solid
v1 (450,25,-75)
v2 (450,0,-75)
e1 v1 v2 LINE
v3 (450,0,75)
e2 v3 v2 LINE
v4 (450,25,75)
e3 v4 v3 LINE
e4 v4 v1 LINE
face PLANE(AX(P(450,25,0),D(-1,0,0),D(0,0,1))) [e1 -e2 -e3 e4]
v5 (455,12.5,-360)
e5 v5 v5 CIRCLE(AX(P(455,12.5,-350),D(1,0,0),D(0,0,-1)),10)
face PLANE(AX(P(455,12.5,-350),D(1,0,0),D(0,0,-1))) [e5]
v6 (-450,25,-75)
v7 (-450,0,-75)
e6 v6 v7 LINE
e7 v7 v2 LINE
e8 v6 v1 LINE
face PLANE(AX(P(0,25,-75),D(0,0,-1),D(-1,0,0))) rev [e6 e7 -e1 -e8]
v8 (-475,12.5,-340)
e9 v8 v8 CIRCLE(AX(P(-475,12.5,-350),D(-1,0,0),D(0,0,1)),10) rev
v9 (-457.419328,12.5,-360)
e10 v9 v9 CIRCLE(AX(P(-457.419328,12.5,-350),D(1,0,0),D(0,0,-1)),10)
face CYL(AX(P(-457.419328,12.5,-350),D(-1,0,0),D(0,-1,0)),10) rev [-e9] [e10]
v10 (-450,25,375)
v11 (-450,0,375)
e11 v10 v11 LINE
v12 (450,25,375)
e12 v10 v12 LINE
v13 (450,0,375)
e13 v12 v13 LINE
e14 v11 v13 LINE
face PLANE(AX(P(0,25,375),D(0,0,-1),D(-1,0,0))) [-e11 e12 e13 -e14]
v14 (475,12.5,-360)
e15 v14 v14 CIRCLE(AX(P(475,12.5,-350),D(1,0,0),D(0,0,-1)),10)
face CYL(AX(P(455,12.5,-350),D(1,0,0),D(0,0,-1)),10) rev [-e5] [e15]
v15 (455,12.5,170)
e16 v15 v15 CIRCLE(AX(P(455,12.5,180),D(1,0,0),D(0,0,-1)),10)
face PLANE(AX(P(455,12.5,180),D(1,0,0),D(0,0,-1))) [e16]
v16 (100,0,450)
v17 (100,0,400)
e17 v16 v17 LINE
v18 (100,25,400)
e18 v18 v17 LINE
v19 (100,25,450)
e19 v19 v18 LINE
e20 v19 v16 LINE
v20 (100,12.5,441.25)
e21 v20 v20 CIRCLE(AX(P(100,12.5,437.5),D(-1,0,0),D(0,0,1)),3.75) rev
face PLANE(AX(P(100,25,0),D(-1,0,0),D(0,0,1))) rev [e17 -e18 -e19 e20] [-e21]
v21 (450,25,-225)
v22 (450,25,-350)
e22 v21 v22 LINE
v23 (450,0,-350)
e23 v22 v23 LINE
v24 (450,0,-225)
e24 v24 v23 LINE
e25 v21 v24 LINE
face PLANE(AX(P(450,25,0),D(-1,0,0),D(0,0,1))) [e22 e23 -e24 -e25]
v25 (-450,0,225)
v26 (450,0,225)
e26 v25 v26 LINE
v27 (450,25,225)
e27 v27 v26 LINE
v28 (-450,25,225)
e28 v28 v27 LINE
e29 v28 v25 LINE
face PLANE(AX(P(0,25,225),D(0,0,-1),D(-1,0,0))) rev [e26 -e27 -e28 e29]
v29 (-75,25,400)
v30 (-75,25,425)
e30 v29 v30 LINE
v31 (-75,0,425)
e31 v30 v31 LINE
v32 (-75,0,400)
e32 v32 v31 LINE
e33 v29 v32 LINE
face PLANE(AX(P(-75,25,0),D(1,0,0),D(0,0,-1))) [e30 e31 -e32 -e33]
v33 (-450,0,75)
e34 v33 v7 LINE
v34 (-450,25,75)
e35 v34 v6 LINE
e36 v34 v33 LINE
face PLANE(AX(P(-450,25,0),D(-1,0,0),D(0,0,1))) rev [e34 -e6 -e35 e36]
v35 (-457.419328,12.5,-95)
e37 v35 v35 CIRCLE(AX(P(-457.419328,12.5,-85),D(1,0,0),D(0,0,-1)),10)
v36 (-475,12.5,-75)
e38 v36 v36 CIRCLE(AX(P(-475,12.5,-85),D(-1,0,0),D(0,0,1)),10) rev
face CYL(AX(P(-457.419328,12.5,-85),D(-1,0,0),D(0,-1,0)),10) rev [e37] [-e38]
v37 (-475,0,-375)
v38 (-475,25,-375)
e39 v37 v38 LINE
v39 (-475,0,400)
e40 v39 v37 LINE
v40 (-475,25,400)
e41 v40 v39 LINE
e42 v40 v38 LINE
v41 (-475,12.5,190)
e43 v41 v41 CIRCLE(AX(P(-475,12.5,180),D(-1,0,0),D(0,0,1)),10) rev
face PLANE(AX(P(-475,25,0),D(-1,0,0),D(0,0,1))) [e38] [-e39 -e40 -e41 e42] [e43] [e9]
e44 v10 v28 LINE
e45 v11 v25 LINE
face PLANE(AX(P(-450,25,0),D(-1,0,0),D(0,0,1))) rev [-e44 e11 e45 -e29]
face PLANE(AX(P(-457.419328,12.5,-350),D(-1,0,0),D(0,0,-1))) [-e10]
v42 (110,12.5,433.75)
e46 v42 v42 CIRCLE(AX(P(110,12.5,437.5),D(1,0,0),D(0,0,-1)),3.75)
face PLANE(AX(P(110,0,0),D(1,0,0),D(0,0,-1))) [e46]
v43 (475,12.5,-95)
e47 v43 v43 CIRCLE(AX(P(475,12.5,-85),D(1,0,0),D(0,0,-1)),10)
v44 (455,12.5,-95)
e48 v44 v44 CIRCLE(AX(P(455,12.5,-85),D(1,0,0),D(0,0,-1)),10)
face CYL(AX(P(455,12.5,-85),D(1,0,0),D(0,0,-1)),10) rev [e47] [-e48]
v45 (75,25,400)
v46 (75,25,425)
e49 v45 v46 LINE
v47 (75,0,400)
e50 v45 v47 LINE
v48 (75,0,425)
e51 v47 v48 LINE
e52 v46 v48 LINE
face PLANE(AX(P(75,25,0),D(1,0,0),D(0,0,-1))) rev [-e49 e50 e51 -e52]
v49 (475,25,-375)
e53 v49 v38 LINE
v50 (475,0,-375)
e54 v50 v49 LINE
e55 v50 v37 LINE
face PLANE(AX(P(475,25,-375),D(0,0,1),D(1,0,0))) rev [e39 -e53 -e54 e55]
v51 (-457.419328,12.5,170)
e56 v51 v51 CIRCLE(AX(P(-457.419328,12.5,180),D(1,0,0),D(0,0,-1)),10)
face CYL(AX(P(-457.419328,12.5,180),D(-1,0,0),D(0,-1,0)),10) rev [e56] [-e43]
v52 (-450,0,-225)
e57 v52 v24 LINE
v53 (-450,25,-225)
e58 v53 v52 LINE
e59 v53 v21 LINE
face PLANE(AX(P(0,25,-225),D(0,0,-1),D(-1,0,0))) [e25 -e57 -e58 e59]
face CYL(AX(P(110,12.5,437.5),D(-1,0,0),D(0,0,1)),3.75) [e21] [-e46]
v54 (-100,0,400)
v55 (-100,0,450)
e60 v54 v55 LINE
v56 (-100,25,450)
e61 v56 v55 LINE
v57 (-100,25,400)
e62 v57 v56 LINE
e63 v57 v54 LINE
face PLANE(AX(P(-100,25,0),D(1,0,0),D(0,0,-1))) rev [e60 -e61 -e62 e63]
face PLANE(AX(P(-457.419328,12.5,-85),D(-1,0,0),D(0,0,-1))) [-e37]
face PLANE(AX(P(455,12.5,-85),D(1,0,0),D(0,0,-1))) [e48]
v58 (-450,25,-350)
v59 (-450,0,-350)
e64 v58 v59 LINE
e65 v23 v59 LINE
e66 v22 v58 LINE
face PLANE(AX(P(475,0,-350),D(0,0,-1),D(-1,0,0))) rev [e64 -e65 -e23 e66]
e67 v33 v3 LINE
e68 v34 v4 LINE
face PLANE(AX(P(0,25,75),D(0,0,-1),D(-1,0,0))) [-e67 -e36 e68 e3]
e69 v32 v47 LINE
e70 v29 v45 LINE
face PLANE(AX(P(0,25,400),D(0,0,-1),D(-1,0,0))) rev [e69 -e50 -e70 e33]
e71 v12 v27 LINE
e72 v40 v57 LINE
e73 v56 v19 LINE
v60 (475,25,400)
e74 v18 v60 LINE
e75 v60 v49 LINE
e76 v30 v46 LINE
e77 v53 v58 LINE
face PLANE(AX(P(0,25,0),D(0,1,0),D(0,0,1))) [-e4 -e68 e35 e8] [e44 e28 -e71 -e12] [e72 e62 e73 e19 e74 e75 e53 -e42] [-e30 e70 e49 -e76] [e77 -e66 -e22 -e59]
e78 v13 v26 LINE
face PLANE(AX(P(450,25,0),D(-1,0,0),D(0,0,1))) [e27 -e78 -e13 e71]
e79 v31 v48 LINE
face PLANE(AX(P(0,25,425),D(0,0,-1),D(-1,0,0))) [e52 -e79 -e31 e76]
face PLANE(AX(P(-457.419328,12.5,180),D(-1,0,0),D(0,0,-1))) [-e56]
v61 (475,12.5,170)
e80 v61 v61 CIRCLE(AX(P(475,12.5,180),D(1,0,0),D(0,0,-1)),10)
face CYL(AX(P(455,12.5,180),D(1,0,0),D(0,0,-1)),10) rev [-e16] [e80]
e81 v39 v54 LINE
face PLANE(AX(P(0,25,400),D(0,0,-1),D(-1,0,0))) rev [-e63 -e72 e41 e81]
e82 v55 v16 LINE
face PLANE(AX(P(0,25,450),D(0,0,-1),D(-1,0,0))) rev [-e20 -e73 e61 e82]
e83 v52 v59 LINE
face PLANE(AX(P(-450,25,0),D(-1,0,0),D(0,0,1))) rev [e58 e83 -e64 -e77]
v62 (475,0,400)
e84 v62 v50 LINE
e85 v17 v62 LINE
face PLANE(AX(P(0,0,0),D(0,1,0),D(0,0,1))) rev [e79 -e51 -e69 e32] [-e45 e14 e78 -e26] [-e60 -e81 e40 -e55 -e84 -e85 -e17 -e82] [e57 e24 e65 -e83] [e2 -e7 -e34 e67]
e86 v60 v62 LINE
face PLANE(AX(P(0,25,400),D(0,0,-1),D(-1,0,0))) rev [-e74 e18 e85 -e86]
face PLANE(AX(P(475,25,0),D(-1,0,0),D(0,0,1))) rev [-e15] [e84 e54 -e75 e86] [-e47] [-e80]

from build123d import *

# Parameters (mm, degrees)
CROQUIS1_W              = 150
CROQUIS1_H              = 25
CROQUIS1_W_2            = 900
CROQUIS1_H_2            = 150
SALIENTE_EXTRUIR1_DEPTH = 25
SALIENTE_EXTRUIR2_DEPTH = 10
SALIENTE_EXTRUIR3_REACH = 927
CROQUIS3_W              = 25
CROQUIS3_H              = 25
CROQUIS4_W              = 25
CROQUIS4_H              = 25
CORTAR_EXTRUIR1_DEPTH   = 951
CROQUIS5_R              = 10
CORTAR_EXTRUIR2_DEPTH   = 20


with BuildPart() as part:
    # Croquis1 → Saliente-Extruir1 (new body)
    with BuildSketch(Plane(origin=(0, 0, 0), x_dir=(1, 0, 0), z_dir=(0, 1, 0))):
        Polygon((-100, -450), (100, -450), (100, -400), (475, -400), (475, 400), (-475, 400), (-475, -400), (-100, -400), align=None)
        with Locations((0, -412.5)):
            Rectangle(CROQUIS1_W, CROQUIS1_H, mode=Mode.SUBTRACT)
        with Locations((0, -300)):
            Rectangle(CROQUIS1_W_2, CROQUIS1_H_2, mode=Mode.SUBTRACT)
        Rectangle(CROQUIS1_W_2, CROQUIS1_H_2, mode=Mode.SUBTRACT)
        with Locations((0, 300)):
            Rectangle(CROQUIS1_W_2, CROQUIS1_H_2, mode=Mode.SUBTRACT)
    extrude(amount=SALIENTE_EXTRUIR1_DEPTH)

    # Croquis2 → Saliente-Extruir2 (add)
    with BuildSketch(Plane(origin=(100, 0, 0), x_dir=(0, 0, -1), z_dir=(1, 0, 0))):
        with BuildLine():
            ThreePointArc((-433.75, 12.5), (-436.064937129, 15.964548247), (-440.151650429, 15.151650429))
            Line((-440.151650429, 15.151650429), (-434.848349571, 9.848349571))
            ThreePointArc((-434.848349571, 9.848349571), (-434.035451753, 11.064937129), (-433.75, 12.5))
        make_face()
        with BuildLine():
            Line((-434.848349571, 9.848349571), (-440.151650429, 15.151650429))
            ThreePointArc((-440.151650429, 15.151650429), (-440.151650429, 9.848349571), (-434.848349571, 9.848349571))
        make_face()
    extrude(amount=SALIENTE_EXTRUIR2_DEPTH)

    # Croquis3 → Saliente-Extruir3 (add, up to next)
    with BuildSketch(Plane(origin=(-450, 0, 0), x_dir=(0, 0, -1), z_dir=(1, 0, 0)), mode=Mode.PRIVATE) as saliente_extruir3_sk1:
        with Locations((362.5, 12.5)):
            Rectangle(CROQUIS3_W, CROQUIS3_H)
    saliente_extruir3_tool1 = extrude(saliente_extruir3_sk1.sketch, amount=SALIENTE_EXTRUIR3_REACH, mode=Mode.PRIVATE) - part.part
    add(saliente_extruir3_tool1.solids().sort_by_distance((-450, 12.5, -362.5))[0])

    # Croquis4 → Cortar-Extruir1 (cut, through all)
    with BuildSketch(Plane.ZY.offset(475)):
        with Locations((-387.5, 12.5)):
            Rectangle(CROQUIS4_W, CROQUIS4_H)
    extrude(amount=-CORTAR_EXTRUIR1_DEPTH, mode=Mode.SUBTRACT)

    # Croquis5 → Cortar-Extruir2 (cut)
    with BuildSketch(Plane(origin=(475, 0, 0), x_dir=(0, 0, -1), z_dir=(1, 0, 0))):
        with Locations((350, 12.5)):
            Circle(CROQUIS5_R)
        with Locations((85, 12.5)):
            Circle(CROQUIS5_R)
        with Locations((-180, 12.5)):
            Circle(CROQUIS5_R)
    cortar_extruir2 = extrude(amount=-CORTAR_EXTRUIR2_DEPTH, mode=Mode.SUBTRACT)

    # Simetría1: Cortar-Extruir2 across plane
    add(cortar_extruir2.mirror(Plane(origin=(-1.209663813, -319.213288435, 1311.891688688), x_dir=(0, 0, 1), z_dir=(1, 0, 0))), mode=Mode.SUBTRACT)


solid = part.part
